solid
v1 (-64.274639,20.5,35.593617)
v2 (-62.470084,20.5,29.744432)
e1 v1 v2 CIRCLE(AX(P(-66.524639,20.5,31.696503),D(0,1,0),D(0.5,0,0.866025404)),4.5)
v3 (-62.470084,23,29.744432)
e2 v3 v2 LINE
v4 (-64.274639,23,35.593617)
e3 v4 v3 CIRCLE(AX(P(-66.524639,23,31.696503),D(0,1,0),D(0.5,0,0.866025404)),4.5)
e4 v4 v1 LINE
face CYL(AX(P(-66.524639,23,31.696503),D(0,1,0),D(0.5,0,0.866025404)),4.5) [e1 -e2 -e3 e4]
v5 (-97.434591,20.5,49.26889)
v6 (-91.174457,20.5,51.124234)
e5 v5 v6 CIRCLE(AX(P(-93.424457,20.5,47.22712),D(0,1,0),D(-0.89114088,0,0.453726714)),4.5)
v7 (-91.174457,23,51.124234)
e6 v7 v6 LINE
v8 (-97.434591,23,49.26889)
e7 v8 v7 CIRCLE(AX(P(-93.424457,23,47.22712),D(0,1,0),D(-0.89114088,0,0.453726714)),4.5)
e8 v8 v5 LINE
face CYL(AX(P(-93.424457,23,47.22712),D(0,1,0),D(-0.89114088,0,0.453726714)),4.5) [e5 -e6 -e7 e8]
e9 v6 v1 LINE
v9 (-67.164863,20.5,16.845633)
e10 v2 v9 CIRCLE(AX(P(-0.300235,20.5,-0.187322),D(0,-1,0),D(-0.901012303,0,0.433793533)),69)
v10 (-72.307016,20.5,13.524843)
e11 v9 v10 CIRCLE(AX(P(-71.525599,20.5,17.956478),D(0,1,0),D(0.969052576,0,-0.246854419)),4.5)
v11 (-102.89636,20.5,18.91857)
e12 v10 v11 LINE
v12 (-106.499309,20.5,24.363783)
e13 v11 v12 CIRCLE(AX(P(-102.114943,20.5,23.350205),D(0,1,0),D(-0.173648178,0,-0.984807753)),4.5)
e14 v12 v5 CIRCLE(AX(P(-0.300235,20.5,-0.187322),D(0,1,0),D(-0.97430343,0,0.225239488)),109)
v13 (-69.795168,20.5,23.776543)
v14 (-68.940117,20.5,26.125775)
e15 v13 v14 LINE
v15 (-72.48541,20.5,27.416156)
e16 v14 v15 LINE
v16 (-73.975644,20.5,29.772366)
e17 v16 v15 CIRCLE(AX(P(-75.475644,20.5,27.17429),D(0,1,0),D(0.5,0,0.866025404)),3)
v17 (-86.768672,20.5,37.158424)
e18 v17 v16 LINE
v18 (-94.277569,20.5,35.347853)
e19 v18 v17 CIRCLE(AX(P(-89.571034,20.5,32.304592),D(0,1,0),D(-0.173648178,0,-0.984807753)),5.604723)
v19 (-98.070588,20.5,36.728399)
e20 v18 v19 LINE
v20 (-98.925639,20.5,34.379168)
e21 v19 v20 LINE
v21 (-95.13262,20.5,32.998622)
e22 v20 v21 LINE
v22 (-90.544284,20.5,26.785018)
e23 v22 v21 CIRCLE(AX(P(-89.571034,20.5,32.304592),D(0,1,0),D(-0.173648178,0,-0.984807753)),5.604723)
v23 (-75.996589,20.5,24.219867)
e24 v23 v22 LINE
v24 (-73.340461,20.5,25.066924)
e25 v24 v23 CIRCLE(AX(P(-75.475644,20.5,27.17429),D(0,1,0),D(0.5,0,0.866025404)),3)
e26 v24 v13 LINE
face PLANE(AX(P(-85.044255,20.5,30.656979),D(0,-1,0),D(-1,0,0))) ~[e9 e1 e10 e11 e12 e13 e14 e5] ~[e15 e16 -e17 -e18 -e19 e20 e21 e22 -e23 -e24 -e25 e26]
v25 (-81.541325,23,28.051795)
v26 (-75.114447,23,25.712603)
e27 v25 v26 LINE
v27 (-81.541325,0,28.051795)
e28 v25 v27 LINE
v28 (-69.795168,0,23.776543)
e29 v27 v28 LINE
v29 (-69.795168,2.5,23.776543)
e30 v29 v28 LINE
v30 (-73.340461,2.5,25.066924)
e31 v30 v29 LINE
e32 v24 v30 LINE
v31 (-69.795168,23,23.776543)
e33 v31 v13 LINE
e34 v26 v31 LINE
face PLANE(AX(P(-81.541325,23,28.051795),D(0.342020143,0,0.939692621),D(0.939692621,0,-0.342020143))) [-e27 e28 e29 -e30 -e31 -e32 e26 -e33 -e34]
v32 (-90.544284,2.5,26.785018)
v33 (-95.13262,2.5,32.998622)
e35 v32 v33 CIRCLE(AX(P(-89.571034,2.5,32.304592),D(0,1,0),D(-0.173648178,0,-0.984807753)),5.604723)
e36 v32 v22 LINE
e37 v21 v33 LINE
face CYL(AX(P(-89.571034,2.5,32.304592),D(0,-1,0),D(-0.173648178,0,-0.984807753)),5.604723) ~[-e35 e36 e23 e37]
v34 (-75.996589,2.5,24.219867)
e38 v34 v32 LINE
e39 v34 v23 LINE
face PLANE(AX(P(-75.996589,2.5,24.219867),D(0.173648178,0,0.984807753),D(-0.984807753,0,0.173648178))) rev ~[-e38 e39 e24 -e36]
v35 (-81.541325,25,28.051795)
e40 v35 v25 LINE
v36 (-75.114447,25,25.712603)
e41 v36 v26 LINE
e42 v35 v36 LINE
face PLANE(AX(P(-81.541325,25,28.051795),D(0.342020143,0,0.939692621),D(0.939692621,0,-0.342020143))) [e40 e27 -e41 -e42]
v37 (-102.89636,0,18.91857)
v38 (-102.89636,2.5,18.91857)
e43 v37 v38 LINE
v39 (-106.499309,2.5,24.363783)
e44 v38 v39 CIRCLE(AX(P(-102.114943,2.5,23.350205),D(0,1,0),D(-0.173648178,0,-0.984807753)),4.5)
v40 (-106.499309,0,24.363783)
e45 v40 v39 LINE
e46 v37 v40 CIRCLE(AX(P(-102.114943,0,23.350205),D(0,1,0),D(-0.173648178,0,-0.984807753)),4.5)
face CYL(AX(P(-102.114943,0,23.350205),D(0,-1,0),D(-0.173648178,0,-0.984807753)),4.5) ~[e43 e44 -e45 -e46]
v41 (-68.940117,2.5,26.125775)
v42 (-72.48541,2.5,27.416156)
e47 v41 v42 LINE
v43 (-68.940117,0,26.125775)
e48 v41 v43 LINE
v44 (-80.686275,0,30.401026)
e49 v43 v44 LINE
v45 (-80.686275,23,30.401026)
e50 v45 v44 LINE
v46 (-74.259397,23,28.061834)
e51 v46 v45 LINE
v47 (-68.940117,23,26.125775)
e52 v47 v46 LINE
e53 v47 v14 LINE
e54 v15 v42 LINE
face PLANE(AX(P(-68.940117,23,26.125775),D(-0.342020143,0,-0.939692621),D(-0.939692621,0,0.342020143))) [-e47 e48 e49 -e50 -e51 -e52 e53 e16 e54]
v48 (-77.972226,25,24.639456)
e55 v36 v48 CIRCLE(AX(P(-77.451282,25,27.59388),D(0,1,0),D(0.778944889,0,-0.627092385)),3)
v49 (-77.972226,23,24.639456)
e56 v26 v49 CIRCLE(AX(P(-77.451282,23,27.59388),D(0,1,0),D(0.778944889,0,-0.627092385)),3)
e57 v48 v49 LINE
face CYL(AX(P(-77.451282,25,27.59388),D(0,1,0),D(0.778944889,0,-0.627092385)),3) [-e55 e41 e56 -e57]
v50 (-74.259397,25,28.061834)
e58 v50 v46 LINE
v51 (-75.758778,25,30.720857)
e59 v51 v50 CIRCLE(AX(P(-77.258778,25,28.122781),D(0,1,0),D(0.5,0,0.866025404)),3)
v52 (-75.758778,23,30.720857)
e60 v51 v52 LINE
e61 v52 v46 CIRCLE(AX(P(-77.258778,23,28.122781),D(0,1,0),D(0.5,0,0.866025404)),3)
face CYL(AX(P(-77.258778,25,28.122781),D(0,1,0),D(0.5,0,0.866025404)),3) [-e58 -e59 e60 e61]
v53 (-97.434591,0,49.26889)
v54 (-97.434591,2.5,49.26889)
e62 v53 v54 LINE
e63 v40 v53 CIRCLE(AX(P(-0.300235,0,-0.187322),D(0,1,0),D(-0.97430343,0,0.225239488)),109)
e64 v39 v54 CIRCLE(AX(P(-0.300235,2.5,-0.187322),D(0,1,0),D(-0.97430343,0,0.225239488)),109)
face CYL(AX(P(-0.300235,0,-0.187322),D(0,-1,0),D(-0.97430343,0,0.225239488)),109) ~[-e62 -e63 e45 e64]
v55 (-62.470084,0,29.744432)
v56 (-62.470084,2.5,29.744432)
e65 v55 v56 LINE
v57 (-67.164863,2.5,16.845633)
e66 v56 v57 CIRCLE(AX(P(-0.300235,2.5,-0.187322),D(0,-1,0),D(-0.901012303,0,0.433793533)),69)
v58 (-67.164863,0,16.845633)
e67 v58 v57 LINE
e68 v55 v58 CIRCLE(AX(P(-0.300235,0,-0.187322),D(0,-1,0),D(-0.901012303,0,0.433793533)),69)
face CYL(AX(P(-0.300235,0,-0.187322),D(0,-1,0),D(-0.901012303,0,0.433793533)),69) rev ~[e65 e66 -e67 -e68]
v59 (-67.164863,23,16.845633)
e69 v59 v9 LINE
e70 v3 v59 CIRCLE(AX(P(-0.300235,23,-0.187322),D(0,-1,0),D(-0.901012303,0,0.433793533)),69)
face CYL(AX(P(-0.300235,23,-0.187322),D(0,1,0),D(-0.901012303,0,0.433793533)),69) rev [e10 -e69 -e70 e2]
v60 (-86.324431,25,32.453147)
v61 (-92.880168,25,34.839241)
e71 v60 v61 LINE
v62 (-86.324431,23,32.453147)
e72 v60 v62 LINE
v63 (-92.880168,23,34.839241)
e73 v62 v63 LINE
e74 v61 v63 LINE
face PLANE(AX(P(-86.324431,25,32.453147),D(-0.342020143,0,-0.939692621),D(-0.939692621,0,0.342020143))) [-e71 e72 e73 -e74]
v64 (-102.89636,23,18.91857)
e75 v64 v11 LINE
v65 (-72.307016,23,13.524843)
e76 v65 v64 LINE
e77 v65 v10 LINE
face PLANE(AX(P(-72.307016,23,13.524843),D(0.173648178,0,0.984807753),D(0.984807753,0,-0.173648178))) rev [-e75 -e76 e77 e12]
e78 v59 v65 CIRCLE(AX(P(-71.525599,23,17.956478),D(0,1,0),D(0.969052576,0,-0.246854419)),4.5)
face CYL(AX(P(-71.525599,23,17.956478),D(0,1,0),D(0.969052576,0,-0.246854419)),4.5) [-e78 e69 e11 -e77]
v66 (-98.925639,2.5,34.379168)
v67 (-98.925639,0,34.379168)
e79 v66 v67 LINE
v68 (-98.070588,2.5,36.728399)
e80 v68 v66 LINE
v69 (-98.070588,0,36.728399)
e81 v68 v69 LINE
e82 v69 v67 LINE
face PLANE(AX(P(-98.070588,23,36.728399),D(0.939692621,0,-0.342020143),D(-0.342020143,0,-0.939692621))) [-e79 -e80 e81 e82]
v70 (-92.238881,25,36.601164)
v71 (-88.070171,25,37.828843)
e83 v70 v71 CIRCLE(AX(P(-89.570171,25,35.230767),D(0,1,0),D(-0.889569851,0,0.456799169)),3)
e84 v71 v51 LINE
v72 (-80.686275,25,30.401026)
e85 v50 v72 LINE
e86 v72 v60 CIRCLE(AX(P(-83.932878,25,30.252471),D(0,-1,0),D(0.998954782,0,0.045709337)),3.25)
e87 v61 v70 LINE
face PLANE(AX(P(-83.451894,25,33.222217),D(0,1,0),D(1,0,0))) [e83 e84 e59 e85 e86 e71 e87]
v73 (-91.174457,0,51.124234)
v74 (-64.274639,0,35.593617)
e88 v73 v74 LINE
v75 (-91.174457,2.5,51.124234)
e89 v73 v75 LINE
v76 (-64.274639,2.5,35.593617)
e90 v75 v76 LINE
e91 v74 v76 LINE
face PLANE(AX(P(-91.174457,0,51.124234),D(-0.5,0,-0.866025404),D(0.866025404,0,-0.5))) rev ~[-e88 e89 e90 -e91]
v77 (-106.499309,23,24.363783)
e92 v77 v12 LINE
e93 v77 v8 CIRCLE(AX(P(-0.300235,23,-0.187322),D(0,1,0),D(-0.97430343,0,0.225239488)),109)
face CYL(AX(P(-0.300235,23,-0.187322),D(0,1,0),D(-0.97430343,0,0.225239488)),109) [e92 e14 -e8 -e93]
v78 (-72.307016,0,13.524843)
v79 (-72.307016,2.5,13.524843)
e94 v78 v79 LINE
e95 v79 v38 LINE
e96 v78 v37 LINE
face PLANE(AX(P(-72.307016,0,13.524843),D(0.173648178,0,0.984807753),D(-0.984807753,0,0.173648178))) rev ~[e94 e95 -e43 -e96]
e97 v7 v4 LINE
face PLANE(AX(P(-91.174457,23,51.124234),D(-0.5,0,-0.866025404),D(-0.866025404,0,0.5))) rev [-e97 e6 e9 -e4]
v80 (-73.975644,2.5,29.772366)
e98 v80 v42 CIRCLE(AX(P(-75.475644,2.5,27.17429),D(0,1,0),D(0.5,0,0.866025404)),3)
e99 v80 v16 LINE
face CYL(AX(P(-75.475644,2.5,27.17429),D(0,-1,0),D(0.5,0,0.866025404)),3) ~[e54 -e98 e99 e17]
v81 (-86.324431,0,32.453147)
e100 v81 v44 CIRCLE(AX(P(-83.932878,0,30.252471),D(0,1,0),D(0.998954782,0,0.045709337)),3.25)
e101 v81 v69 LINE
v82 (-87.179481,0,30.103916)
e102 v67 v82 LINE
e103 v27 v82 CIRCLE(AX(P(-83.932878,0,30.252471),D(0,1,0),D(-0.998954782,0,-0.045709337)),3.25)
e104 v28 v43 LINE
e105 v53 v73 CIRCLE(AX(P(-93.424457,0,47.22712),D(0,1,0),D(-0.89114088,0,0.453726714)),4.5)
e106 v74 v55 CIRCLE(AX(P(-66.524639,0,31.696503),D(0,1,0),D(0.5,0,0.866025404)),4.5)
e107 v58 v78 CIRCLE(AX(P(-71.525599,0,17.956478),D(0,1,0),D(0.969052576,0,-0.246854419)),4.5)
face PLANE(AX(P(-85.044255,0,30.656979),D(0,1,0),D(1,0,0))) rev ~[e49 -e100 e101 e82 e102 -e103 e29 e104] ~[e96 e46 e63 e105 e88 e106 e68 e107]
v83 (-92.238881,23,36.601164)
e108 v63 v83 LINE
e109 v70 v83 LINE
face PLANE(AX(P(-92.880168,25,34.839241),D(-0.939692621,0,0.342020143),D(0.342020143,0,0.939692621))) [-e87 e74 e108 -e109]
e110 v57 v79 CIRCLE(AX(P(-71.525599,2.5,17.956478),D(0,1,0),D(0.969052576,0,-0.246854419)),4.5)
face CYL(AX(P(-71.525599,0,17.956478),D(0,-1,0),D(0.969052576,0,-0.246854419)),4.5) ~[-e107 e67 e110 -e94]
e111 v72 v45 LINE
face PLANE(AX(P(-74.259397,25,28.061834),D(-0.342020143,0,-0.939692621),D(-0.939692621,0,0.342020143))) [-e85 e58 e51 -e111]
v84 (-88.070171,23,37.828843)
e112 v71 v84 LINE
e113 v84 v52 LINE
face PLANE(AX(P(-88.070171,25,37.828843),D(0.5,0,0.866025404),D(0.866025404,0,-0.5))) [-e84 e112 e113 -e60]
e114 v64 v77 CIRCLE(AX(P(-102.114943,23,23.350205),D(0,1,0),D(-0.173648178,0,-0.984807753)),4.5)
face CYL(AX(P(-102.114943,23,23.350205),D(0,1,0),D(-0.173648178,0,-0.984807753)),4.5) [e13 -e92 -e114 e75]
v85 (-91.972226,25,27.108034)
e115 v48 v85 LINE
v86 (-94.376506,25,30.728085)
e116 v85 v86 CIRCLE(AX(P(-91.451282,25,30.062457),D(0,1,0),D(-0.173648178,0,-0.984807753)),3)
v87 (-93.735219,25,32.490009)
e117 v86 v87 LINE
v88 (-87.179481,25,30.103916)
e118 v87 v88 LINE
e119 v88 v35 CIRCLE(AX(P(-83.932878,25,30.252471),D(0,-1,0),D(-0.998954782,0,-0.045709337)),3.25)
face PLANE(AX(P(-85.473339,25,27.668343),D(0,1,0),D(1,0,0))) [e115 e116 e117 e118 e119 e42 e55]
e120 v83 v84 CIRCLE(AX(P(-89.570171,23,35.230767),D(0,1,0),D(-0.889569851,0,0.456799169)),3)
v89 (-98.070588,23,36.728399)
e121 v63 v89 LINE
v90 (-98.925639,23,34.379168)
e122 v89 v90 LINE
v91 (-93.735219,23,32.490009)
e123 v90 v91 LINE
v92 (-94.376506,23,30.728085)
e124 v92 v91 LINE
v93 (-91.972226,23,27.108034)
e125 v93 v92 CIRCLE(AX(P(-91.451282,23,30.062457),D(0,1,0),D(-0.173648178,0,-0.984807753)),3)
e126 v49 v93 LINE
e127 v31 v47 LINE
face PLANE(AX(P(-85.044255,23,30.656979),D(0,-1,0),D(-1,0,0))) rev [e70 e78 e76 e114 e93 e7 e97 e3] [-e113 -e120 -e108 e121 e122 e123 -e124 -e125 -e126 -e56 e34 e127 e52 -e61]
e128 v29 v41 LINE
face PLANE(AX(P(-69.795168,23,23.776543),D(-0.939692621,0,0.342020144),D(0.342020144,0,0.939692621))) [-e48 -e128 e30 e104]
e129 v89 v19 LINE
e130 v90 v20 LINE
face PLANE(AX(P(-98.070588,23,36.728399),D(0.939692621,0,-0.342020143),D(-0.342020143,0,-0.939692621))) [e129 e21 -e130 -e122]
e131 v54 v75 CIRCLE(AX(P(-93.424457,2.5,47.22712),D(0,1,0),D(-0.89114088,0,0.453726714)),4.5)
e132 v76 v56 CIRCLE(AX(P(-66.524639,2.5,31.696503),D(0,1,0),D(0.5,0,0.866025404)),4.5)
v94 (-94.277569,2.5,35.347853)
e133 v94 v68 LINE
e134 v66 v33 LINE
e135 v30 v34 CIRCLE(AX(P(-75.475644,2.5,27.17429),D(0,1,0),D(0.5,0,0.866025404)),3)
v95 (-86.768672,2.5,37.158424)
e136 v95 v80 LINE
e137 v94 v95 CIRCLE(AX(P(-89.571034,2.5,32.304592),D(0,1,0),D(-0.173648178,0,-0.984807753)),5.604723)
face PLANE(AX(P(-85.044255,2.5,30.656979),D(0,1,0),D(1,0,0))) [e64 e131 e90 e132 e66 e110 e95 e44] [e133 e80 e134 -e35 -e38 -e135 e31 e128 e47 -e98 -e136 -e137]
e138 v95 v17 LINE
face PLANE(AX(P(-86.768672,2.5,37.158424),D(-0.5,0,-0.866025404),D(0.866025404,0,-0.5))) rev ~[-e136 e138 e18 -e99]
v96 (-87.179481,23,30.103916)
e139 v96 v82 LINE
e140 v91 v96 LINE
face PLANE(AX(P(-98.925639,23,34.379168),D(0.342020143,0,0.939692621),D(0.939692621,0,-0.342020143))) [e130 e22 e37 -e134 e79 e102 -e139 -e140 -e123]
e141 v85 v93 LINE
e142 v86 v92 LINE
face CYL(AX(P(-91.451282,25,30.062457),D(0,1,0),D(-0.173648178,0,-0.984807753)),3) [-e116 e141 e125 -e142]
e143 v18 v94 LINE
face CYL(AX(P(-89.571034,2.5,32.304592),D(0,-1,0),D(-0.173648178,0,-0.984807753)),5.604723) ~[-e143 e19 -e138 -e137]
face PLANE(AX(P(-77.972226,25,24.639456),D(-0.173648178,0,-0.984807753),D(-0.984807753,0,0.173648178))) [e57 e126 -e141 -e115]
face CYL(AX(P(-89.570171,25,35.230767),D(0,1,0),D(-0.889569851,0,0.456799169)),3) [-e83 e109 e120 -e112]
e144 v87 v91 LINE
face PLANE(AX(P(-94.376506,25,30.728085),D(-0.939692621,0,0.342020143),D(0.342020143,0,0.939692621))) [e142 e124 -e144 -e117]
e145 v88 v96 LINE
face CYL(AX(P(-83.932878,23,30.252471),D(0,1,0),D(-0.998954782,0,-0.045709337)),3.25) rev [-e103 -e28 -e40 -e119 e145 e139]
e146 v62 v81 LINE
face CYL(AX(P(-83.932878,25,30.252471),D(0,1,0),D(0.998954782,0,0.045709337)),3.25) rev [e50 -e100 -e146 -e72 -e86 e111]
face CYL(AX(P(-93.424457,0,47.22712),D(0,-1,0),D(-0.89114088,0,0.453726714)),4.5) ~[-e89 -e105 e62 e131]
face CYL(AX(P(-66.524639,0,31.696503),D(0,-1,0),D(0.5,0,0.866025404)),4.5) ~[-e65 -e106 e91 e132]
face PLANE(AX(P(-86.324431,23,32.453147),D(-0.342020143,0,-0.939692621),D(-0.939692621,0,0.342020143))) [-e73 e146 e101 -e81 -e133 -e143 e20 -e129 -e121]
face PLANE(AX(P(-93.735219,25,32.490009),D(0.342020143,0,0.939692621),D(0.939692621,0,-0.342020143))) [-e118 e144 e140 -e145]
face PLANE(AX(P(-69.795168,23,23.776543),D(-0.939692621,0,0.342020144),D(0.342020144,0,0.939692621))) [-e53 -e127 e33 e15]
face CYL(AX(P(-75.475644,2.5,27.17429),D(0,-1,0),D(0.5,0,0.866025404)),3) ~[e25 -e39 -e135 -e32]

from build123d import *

# Parameters (mm, degrees)
BOSS_EXTRUDE1_DEPTH = 2.5
BOSS_EXTRUDE2_DEPTH = 18
CUT_EXTRUDE1_DEPTH  = 121.712224117
BOSS_EXTRUDE3_START = 2
BOSS_EXTRUDE3_DEPTH = 2


with BuildPart() as part:
    # Sketch1 → Boss-Extrude1 (new body)
    with BuildSketch(Plane(origin=(0, 0, 0), x_dir=(1, 0, 0), z_dir=(0, 1, 0))):
        with BuildLine():
            Line((-72.307015928, -13.524843261), (-102.896359968, -18.918569937))
            ThreePointArc((-102.896359968, -18.918569937), (-105.867796955, -20.867043845), (-106.499308602, -24.363782522))
            ThreePointArc((-106.499308602, -24.363782522), (-102.726730434, -37.092873959), (-97.434590717, -49.268890224))
            ThreePointArc((-97.434590717, -49.268890224), (-94.703164434, -51.541619594), (-91.174456756, -51.124234325))
            Line((-91.174456756, -51.124234325), (-64.274639058, -35.593617336))
            ThreePointArc((-64.274639058, -35.593617336), (-62.224627836, -33.023116562), (-62.470083693, -29.74443212))
            ThreePointArc((-62.470083693, -29.74443212), (-65.139025602, -23.412068226), (-67.164862535, -16.845633263))
            ThreePointArc((-67.164862535, -16.845633263), (-69.084330175, -14.176239282), (-72.307015928, -13.524843261))
        make_face()
    boss_extrude1 = extrude(amount=BOSS_EXTRUDE1_DEPTH)

    # Sketch2 → Boss-Extrude2 (add)
    with BuildSketch(Plane(origin=(0, 2.5, 0), x_dir=(1, 0, 0), z_dir=(0, 1, 0))):
        with BuildLine():
            Line((-75.996588964, -24.219866543), (-90.54428362, -26.785017618))
            ThreePointArc((-90.54428362, -26.785017618), (-94.837750272, -34.221520002), (-86.76867241, -37.158424161))
            Line((-86.76867241, -37.158424161), (-73.975644431, -29.772366014))
            ThreePointArc((-73.975644431, -29.772366014), (-72.656566568, -26.148229372), (-75.996588964, -24.219866543))
        make_face()
    extrude(amount=BOSS_EXTRUDE2_DEPTH)

    # Mirror1: Boss-Extrude1 across plane
    add(boss_extrude1.mirror(Plane.ZX.offset(11.5)))

    # Sketch4 → Cut-Extrude1 (cut, through all)
    with BuildSketch(Plane(origin=(0, 23, 0), x_dir=(1, 0, 0), z_dir=(0, 1, 0))):
        with BuildLine():
            Line((-98.925638819, -34.379167538), (-87.179481059, -30.103915746))
            ThreePointArc((-87.179481059, -30.103915746), (-85.044443484, -27.198470075), (-81.541325335, -28.051794886))
            Line((-81.541325335, -28.051794886), (-69.795167575, -23.776543095))
            Line((-69.795167575, -23.776543095), (-68.940117216, -26.125774647))
            Line((-68.940117216, -26.125774647), (-80.686274976, -30.401026438))
            ThreePointArc((-80.686274976, -30.401026438), (-82.821312552, -33.30647211), (-86.324430701, -32.453147298))
            Line((-86.324430701, -32.453147298), (-98.070588461, -36.72839909))
            Line((-98.070588461, -36.72839909), (-98.925638819, -34.379167538))
        make_face()
    extrude(amount=-CUT_EXTRUDE1_DEPTH, mode=Mode.SUBTRACT)

    # Sketch5 → Boss-Extrude3 (add)
    with BuildSketch(Plane(origin=(0, 23, 0), x_dir=(1, 0, 0), z_dir=(0, 1, 0)).offset(BOSS_EXTRUDE3_START)):
        with BuildLine():
            Line((-88.070170969, -37.828843014), (-75.758777587, -30.720856731))
            ThreePointArc((-75.758777587, -30.720856731), (-74.645598026, -29.596311171), (-74.25939673, -28.061834057))
            Line((-74.25939673, -28.061834057), (-80.686274976, -30.401026438))
            ThreePointArc((-80.686274976, -30.401026438), (-82.821312552, -33.30647211), (-86.324430701, -32.453147298))
            Line((-86.324430701, -32.453147298), (-92.880168291, -34.839240645))
            Line((-92.880168291, -34.839240645), (-92.238880522, -36.601164309))
            ThreePointArc((-92.238880522, -36.601164309), (-90.417678642, -38.108566439), (-88.070170969, -37.828843014))
        make_face()
        with BuildLine():
            Line((-77.97222629, -24.6394564), (-91.97222629, -27.108034129))
            ThreePointArc((-91.97222629, -27.108034129), (-93.95032425, -28.4027024), (-94.376506418, -30.728085429))
            Line((-94.376506418, -30.728085429), (-93.735218649, -32.490009093))
            Line((-93.735218649, -32.490009093), (-87.179481059, -30.103915746))
            ThreePointArc((-87.179481059, -30.103915746), (-85.044443484, -27.198470075), (-81.541325335, -28.051794886))
            Line((-81.541325335, -28.051794886), (-75.114447088, -25.712602505))
            ThreePointArc((-75.114447088, -25.712602505), (-76.396637321, -24.785370248), (-77.97222629, -24.6394564))
        make_face()
    extrude(amount=-BOSS_EXTRUDE3_DEPTH)


solid = part.part
